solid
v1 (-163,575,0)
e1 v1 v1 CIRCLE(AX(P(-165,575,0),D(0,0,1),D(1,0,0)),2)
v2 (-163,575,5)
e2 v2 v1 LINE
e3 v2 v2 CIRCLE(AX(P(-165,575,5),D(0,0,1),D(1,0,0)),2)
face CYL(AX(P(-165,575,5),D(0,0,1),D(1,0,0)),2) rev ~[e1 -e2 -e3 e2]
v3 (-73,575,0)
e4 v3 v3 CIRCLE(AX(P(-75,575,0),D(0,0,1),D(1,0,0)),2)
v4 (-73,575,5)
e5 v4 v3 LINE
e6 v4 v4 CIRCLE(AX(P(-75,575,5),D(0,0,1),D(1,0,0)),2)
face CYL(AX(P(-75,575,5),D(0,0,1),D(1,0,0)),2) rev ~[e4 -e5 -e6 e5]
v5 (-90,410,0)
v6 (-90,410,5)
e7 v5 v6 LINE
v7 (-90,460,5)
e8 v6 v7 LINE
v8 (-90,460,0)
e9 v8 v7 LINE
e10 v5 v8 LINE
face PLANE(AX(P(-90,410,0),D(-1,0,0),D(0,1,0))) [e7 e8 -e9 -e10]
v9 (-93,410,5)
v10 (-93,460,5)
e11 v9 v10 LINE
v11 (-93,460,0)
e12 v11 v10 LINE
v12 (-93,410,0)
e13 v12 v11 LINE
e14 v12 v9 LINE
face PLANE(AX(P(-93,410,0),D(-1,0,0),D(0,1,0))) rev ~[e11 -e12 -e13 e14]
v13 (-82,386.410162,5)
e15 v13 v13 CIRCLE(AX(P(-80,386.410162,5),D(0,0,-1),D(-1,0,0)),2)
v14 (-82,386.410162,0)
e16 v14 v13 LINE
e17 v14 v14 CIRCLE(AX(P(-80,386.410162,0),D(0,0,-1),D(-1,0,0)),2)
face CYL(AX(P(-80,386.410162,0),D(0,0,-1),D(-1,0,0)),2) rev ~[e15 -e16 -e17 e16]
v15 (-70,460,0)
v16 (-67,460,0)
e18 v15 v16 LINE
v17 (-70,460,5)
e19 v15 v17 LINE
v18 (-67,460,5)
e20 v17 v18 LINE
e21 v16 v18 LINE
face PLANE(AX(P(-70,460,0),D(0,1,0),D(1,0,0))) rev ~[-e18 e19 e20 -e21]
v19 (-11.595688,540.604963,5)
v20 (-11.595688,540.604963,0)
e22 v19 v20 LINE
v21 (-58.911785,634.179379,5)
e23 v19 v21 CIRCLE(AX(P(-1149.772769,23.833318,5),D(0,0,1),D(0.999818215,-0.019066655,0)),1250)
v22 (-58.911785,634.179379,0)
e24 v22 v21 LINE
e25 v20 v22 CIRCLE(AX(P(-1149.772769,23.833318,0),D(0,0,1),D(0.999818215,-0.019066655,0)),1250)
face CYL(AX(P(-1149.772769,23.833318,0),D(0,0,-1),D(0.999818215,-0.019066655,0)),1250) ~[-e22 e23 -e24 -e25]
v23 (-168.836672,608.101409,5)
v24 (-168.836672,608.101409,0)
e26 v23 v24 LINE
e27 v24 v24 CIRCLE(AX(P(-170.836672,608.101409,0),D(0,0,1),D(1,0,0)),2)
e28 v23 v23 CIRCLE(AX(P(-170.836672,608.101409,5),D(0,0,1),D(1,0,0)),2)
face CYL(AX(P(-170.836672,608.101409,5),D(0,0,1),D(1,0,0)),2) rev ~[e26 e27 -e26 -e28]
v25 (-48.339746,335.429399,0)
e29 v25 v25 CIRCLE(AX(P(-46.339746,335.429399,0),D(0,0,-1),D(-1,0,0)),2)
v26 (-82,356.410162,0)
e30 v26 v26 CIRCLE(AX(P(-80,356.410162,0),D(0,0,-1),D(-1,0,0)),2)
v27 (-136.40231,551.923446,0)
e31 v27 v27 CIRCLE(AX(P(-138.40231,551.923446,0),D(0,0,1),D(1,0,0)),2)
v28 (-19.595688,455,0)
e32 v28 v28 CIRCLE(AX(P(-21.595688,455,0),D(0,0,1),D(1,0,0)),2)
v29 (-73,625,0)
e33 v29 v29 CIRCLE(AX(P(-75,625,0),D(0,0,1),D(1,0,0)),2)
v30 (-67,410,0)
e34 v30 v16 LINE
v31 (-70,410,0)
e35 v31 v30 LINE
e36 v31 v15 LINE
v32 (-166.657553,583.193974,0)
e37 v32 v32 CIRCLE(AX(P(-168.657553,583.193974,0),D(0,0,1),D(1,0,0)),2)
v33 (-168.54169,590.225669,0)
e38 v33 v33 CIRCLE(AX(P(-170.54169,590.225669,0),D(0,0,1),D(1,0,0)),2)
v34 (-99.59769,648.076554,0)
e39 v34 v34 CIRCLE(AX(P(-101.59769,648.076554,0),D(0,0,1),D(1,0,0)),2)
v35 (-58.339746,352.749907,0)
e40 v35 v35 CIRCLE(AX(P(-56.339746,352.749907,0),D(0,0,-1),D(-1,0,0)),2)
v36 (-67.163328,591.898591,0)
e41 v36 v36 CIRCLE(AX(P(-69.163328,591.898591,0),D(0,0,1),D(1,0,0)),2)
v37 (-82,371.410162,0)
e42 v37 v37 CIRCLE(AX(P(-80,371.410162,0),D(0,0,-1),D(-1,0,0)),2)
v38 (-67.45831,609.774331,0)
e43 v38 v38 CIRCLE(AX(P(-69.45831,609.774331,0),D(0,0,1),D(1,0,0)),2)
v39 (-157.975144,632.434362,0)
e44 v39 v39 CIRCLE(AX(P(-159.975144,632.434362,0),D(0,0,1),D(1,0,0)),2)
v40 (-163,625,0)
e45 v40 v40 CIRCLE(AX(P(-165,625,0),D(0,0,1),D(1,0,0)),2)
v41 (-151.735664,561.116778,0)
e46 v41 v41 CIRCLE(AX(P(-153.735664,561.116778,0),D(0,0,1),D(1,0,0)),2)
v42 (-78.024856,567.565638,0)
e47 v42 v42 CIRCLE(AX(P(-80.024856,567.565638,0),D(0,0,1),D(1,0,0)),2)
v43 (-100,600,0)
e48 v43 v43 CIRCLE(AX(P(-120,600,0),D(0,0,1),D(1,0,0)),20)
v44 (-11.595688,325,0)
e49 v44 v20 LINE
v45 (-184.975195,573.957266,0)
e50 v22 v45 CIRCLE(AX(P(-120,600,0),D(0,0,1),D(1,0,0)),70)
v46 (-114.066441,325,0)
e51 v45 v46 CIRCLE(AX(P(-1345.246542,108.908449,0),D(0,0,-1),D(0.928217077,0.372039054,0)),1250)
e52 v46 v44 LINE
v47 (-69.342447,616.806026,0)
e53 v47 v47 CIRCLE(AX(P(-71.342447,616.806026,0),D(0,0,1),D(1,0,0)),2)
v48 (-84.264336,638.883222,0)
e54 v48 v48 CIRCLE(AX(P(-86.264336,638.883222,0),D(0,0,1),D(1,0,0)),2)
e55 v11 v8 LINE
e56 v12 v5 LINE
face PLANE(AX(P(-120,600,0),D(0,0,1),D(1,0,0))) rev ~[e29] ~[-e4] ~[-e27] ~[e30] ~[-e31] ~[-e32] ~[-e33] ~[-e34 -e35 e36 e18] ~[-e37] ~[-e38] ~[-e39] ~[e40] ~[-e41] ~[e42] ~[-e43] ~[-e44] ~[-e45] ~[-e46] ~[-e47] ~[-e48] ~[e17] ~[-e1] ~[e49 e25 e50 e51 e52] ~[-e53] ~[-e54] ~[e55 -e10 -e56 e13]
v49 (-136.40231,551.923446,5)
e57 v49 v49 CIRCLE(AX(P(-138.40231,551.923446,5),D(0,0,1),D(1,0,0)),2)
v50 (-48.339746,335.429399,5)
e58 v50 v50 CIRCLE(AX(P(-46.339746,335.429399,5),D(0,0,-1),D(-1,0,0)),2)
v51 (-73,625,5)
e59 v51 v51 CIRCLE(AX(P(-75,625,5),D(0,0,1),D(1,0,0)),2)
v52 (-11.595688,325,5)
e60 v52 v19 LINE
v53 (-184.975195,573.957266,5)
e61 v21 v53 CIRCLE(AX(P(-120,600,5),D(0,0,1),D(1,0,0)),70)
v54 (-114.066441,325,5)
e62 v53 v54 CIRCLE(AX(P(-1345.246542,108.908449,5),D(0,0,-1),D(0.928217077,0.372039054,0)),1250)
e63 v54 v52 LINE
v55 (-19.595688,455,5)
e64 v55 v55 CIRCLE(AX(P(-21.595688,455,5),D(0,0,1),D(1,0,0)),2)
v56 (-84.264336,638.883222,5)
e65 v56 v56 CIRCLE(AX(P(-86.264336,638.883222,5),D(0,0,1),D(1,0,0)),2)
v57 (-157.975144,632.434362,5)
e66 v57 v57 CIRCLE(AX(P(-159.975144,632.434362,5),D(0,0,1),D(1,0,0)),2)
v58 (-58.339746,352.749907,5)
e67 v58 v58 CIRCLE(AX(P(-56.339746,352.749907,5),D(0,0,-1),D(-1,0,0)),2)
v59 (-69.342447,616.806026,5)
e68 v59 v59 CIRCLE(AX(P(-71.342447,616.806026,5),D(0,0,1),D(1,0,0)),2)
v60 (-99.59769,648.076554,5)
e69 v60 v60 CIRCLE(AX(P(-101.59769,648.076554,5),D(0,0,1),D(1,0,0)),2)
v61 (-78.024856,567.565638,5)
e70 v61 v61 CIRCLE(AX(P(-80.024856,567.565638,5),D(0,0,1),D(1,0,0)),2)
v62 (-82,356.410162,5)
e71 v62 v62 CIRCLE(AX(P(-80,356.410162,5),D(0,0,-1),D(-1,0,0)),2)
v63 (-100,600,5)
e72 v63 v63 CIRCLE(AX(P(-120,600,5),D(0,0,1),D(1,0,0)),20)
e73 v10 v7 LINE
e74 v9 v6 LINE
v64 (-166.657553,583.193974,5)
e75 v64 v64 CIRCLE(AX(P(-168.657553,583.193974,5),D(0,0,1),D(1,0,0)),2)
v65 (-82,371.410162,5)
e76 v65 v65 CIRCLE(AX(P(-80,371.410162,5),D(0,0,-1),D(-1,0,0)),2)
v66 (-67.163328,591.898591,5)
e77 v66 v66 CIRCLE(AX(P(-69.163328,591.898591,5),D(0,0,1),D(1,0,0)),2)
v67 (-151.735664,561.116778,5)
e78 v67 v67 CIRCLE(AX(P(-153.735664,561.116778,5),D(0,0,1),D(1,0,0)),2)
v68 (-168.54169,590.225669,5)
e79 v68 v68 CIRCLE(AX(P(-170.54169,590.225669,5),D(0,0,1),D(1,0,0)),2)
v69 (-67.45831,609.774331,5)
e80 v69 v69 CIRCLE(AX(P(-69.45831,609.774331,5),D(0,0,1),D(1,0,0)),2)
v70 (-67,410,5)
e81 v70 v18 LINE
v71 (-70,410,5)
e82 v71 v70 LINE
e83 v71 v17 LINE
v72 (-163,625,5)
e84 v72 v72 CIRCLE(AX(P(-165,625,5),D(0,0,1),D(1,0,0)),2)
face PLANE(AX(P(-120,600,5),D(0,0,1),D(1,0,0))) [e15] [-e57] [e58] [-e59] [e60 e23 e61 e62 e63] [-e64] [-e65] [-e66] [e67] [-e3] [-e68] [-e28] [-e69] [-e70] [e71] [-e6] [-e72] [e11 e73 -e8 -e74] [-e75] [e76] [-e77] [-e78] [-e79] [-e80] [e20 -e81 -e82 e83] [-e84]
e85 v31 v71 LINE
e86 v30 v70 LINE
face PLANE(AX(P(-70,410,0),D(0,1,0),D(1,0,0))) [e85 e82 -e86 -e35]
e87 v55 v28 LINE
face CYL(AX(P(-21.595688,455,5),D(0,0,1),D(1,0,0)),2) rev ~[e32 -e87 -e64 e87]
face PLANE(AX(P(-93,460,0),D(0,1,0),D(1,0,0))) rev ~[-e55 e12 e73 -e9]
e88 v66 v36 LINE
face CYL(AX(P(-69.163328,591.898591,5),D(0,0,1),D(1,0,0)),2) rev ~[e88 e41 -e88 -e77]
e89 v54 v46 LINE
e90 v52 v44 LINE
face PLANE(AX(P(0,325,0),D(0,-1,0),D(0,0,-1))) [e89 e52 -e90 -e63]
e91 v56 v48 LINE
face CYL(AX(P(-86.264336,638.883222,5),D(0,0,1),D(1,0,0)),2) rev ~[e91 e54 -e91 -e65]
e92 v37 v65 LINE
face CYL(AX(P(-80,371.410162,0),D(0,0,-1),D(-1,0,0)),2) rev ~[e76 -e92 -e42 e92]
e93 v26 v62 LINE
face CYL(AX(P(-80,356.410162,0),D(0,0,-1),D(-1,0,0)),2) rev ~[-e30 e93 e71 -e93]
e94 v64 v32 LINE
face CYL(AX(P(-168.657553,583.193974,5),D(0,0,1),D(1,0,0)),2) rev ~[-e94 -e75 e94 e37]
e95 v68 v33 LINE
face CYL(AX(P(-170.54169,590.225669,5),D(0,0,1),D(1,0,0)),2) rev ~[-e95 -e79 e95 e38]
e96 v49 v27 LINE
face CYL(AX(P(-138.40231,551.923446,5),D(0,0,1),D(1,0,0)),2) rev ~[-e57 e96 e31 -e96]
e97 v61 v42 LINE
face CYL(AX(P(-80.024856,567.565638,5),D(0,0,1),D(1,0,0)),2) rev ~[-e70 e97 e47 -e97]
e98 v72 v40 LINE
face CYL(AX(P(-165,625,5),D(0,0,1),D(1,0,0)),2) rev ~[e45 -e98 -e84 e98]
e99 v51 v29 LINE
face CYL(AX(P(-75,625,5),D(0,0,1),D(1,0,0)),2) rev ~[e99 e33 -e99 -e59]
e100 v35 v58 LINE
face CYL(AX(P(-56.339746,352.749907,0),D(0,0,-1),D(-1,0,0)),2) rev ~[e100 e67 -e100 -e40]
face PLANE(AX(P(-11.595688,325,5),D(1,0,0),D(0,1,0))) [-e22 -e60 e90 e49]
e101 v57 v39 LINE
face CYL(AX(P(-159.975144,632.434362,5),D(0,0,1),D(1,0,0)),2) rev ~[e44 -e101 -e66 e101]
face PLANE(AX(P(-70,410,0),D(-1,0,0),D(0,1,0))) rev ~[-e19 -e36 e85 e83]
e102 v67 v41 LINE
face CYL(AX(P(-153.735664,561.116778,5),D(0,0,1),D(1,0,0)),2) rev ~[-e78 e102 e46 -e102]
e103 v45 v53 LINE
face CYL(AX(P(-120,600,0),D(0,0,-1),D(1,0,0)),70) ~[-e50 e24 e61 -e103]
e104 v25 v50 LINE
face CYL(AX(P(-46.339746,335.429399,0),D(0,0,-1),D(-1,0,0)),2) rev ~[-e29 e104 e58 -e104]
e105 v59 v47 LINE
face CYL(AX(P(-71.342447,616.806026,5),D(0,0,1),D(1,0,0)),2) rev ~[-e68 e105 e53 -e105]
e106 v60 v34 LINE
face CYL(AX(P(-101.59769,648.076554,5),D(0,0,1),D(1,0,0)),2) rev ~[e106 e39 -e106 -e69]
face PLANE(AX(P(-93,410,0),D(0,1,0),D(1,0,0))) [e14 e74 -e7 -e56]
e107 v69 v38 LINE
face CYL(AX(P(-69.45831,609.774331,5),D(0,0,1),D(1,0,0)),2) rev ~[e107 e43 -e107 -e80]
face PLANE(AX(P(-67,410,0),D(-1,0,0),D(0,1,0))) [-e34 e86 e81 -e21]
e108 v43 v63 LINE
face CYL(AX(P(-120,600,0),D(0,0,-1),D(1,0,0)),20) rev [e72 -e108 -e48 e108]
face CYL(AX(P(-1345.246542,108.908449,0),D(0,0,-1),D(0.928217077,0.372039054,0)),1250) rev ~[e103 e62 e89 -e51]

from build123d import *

# Parameters (mm, degrees)
SKETCH_1_R          = 2
SKETCH_1_W          = 3
SKETCH_1_H          = 50
SKETCH_1_R_2        = 70
SKETCH_1_R_3        = 20
EXTRUDE_1_DEPTH     = 5
SKETCH_2_R          = 2
CUT_EXTRUDE_1_DEPTH = 697.437362582
SKETCH_3_R          = 2
CUT_EXTRUDE_2_DEPTH = 697.437362582
SKETCH_4_R          = 2
CUT_EXTRUDE_3_DEPTH = 10


with BuildPart() as part:
    # 草图1 → 凸台-拉伸1 (new body)
    # profile 1 of 2: a face of its own
    with BuildSketch(Plane.XY):
        with BuildLine():
            ThreePointArc((-184.975195398, 573.957266214), (-108.724882678, 291.977251427), (-100, 0))
            Line((-100, 0), (-100, -10))
            Line((-100, -10), (-91, -10))
            Line((-91, -10), (-91, 11))
            Line((-91, 11), (-69, 11))
            Line((-69, 11), (-69, -10))
            Line((-69, -10), (100, -10))
            Line((100, -10), (100, 0))
            ThreePointArc((100, 0), (62.740102222, 327.663103245), (-58.911784918, 634.179379428))
            ThreePointArc((-58.911784918, 634.179379428), (-52.264577008, 617.661043914), (-50, 600))
            ThreePointArc((-50, 600), (-106.738470636, 531.267679808), (-184.975195398, 573.957266214))
        make_face()
        with Locations((-50, 0)):
            Circle(SKETCH_1_R, mode=Mode.SUBTRACT)
        Circle(SKETCH_1_R, mode=Mode.SUBTRACT)
        with Locations((50, 0)):
            Circle(SKETCH_1_R, mode=Mode.SUBTRACT)
        with Locations((-91.5, 435)):
            Rectangle(SKETCH_1_W, SKETCH_1_H, mode=Mode.SUBTRACT)
        with Locations((-68.5, 435)):
            Rectangle(SKETCH_1_W, SKETCH_1_H, mode=Mode.SUBTRACT)
    # profile 2 of 2: a face of its own
    with BuildSketch(Plane.XY):
        with Locations((-120, 600)):
            Circle(SKETCH_1_R_2)
        with Locations((-120, 600)):
            Circle(SKETCH_1_R_3, mode=Mode.SUBTRACT)
    extrude(amount=EXTRUDE_1_DEPTH)

    # 草图2 → 切除-拉伸1 (cut, through all)
    with BuildSketch(Plane(origin=(0, 0, 0), x_dir=(-1, 0, 0), z_dir=(0, 0, -1))):
        with Locations((80, 386.410161514)):
            Circle(SKETCH_2_R)
        with Locations((80, 371.410161514)):
            Circle(SKETCH_2_R)
        with Locations((80, 356.410161514)):
            Circle(SKETCH_2_R)
        with Locations((56.339745962, 352.749907476)):
            Circle(SKETCH_2_R)
        with Locations((46.339745962, 335.4293994)):
            Circle(SKETCH_2_R)
        with Locations((26.339745962, 300.788383249)):
            Circle(SKETCH_2_R)
        with Locations((6.339745962, 266.147367097)):
            Circle(SKETCH_2_R)
        with Locations((-13.660254038, 231.506350946)):
            Circle(SKETCH_2_R)
        with Locations((80, 76.410161514)):
            Circle(SKETCH_2_R)
        with Locations((80, 116.410161514)):
            Circle(SKETCH_2_R)
        with Locations((80, 236.410161514)):
            Circle(SKETCH_2_R)
        with Locations((80, 276.410161514)):
            Circle(SKETCH_2_R)
        with Locations((80, 316.410161514)):
            Circle(SKETCH_2_R)
    extrude(amount=-CUT_EXTRUDE_1_DEPTH, mode=Mode.SUBTRACT)

    # 草图3 → 切除-拉伸2 (cut, through all)
    with BuildSketch(Plane.XY.offset(5)):
        with Locations((-165, 625)):
            Circle(SKETCH_3_R)
        with Locations((-75, 625)):
            Circle(SKETCH_3_R)
        with Locations((-75, 575)):
            Circle(SKETCH_3_R)
        with Locations((-165, 575)):
            Circle(SKETCH_3_R)
        with Locations((-168.657553327, 583.19397417)):
            Circle(SKETCH_3_R)
        with Locations((-159.975144444, 632.43436182)):
            Circle(SKETCH_3_R)
        with Locations((-71.342446673, 616.80602583)):
            Circle(SKETCH_3_R)
        with Locations((-80.024855556, 567.56563818)):
            Circle(SKETCH_3_R)
        with Locations((-86.264335648, 638.883221969)):
            Circle(SKETCH_3_R)
        with Locations((-69.163328481, 591.89859093)):
            Circle(SKETCH_3_R)
        with Locations((-153.735664352, 561.116778031)):
            Circle(SKETCH_3_R)
        with Locations((-170.836671519, 608.10140907)):
            Circle(SKETCH_3_R)
        with Locations((-101.597690302, 648.076553514)):
            Circle(SKETCH_3_R)
        with Locations((-69.458309817, 609.774331358)):
            Circle(SKETCH_3_R)
        with Locations((-138.402309698, 551.923446486)):
            Circle(SKETCH_3_R)
        with Locations((-170.541690183, 590.225668642)):
            Circle(SKETCH_3_R)
    extrude(amount=-CUT_EXTRUDE_2_DEPTH, mode=Mode.SUBTRACT)


with BuildPart() as body_2:
    # Split Bodies 1: the piece on the far side of the plane
    add(part.part)
    split(bisect_by=Plane(origin=(0, 325, 0), x_dir=(0, 0, -1), z_dir=(0, -1, 0)), keep=Keep.BOTTOM)

    # 草图4 → 切除-拉伸3 (cut)
    with BuildSketch(Plane.XY.offset(5)):
        with Locations((-21.595687559, 455)):
            Circle(SKETCH_4_R)
        with BuildLine():
            Line((-11.595687559, 325), (-11.595687559, 540.604962521))
            ThreePointArc((-11.595687559, 540.604962521), (30.836385122, 434.518144234), (63.404312441, 325))
            Line((63.404312441, 325), (-11.595687559, 325))
        make_face()
    extrude(amount=-CUT_EXTRUDE_3_DEPTH, mode=Mode.SUBTRACT)


with BuildPart() as part_1:
    add(part.part)

    # Split Bodies 1
    split(bisect_by=Plane(origin=(0, 325, 0), x_dir=(0, 0, -1), z_dir=(0, -1, 0)), keep=Keep.TOP)


solid = body_2.part
